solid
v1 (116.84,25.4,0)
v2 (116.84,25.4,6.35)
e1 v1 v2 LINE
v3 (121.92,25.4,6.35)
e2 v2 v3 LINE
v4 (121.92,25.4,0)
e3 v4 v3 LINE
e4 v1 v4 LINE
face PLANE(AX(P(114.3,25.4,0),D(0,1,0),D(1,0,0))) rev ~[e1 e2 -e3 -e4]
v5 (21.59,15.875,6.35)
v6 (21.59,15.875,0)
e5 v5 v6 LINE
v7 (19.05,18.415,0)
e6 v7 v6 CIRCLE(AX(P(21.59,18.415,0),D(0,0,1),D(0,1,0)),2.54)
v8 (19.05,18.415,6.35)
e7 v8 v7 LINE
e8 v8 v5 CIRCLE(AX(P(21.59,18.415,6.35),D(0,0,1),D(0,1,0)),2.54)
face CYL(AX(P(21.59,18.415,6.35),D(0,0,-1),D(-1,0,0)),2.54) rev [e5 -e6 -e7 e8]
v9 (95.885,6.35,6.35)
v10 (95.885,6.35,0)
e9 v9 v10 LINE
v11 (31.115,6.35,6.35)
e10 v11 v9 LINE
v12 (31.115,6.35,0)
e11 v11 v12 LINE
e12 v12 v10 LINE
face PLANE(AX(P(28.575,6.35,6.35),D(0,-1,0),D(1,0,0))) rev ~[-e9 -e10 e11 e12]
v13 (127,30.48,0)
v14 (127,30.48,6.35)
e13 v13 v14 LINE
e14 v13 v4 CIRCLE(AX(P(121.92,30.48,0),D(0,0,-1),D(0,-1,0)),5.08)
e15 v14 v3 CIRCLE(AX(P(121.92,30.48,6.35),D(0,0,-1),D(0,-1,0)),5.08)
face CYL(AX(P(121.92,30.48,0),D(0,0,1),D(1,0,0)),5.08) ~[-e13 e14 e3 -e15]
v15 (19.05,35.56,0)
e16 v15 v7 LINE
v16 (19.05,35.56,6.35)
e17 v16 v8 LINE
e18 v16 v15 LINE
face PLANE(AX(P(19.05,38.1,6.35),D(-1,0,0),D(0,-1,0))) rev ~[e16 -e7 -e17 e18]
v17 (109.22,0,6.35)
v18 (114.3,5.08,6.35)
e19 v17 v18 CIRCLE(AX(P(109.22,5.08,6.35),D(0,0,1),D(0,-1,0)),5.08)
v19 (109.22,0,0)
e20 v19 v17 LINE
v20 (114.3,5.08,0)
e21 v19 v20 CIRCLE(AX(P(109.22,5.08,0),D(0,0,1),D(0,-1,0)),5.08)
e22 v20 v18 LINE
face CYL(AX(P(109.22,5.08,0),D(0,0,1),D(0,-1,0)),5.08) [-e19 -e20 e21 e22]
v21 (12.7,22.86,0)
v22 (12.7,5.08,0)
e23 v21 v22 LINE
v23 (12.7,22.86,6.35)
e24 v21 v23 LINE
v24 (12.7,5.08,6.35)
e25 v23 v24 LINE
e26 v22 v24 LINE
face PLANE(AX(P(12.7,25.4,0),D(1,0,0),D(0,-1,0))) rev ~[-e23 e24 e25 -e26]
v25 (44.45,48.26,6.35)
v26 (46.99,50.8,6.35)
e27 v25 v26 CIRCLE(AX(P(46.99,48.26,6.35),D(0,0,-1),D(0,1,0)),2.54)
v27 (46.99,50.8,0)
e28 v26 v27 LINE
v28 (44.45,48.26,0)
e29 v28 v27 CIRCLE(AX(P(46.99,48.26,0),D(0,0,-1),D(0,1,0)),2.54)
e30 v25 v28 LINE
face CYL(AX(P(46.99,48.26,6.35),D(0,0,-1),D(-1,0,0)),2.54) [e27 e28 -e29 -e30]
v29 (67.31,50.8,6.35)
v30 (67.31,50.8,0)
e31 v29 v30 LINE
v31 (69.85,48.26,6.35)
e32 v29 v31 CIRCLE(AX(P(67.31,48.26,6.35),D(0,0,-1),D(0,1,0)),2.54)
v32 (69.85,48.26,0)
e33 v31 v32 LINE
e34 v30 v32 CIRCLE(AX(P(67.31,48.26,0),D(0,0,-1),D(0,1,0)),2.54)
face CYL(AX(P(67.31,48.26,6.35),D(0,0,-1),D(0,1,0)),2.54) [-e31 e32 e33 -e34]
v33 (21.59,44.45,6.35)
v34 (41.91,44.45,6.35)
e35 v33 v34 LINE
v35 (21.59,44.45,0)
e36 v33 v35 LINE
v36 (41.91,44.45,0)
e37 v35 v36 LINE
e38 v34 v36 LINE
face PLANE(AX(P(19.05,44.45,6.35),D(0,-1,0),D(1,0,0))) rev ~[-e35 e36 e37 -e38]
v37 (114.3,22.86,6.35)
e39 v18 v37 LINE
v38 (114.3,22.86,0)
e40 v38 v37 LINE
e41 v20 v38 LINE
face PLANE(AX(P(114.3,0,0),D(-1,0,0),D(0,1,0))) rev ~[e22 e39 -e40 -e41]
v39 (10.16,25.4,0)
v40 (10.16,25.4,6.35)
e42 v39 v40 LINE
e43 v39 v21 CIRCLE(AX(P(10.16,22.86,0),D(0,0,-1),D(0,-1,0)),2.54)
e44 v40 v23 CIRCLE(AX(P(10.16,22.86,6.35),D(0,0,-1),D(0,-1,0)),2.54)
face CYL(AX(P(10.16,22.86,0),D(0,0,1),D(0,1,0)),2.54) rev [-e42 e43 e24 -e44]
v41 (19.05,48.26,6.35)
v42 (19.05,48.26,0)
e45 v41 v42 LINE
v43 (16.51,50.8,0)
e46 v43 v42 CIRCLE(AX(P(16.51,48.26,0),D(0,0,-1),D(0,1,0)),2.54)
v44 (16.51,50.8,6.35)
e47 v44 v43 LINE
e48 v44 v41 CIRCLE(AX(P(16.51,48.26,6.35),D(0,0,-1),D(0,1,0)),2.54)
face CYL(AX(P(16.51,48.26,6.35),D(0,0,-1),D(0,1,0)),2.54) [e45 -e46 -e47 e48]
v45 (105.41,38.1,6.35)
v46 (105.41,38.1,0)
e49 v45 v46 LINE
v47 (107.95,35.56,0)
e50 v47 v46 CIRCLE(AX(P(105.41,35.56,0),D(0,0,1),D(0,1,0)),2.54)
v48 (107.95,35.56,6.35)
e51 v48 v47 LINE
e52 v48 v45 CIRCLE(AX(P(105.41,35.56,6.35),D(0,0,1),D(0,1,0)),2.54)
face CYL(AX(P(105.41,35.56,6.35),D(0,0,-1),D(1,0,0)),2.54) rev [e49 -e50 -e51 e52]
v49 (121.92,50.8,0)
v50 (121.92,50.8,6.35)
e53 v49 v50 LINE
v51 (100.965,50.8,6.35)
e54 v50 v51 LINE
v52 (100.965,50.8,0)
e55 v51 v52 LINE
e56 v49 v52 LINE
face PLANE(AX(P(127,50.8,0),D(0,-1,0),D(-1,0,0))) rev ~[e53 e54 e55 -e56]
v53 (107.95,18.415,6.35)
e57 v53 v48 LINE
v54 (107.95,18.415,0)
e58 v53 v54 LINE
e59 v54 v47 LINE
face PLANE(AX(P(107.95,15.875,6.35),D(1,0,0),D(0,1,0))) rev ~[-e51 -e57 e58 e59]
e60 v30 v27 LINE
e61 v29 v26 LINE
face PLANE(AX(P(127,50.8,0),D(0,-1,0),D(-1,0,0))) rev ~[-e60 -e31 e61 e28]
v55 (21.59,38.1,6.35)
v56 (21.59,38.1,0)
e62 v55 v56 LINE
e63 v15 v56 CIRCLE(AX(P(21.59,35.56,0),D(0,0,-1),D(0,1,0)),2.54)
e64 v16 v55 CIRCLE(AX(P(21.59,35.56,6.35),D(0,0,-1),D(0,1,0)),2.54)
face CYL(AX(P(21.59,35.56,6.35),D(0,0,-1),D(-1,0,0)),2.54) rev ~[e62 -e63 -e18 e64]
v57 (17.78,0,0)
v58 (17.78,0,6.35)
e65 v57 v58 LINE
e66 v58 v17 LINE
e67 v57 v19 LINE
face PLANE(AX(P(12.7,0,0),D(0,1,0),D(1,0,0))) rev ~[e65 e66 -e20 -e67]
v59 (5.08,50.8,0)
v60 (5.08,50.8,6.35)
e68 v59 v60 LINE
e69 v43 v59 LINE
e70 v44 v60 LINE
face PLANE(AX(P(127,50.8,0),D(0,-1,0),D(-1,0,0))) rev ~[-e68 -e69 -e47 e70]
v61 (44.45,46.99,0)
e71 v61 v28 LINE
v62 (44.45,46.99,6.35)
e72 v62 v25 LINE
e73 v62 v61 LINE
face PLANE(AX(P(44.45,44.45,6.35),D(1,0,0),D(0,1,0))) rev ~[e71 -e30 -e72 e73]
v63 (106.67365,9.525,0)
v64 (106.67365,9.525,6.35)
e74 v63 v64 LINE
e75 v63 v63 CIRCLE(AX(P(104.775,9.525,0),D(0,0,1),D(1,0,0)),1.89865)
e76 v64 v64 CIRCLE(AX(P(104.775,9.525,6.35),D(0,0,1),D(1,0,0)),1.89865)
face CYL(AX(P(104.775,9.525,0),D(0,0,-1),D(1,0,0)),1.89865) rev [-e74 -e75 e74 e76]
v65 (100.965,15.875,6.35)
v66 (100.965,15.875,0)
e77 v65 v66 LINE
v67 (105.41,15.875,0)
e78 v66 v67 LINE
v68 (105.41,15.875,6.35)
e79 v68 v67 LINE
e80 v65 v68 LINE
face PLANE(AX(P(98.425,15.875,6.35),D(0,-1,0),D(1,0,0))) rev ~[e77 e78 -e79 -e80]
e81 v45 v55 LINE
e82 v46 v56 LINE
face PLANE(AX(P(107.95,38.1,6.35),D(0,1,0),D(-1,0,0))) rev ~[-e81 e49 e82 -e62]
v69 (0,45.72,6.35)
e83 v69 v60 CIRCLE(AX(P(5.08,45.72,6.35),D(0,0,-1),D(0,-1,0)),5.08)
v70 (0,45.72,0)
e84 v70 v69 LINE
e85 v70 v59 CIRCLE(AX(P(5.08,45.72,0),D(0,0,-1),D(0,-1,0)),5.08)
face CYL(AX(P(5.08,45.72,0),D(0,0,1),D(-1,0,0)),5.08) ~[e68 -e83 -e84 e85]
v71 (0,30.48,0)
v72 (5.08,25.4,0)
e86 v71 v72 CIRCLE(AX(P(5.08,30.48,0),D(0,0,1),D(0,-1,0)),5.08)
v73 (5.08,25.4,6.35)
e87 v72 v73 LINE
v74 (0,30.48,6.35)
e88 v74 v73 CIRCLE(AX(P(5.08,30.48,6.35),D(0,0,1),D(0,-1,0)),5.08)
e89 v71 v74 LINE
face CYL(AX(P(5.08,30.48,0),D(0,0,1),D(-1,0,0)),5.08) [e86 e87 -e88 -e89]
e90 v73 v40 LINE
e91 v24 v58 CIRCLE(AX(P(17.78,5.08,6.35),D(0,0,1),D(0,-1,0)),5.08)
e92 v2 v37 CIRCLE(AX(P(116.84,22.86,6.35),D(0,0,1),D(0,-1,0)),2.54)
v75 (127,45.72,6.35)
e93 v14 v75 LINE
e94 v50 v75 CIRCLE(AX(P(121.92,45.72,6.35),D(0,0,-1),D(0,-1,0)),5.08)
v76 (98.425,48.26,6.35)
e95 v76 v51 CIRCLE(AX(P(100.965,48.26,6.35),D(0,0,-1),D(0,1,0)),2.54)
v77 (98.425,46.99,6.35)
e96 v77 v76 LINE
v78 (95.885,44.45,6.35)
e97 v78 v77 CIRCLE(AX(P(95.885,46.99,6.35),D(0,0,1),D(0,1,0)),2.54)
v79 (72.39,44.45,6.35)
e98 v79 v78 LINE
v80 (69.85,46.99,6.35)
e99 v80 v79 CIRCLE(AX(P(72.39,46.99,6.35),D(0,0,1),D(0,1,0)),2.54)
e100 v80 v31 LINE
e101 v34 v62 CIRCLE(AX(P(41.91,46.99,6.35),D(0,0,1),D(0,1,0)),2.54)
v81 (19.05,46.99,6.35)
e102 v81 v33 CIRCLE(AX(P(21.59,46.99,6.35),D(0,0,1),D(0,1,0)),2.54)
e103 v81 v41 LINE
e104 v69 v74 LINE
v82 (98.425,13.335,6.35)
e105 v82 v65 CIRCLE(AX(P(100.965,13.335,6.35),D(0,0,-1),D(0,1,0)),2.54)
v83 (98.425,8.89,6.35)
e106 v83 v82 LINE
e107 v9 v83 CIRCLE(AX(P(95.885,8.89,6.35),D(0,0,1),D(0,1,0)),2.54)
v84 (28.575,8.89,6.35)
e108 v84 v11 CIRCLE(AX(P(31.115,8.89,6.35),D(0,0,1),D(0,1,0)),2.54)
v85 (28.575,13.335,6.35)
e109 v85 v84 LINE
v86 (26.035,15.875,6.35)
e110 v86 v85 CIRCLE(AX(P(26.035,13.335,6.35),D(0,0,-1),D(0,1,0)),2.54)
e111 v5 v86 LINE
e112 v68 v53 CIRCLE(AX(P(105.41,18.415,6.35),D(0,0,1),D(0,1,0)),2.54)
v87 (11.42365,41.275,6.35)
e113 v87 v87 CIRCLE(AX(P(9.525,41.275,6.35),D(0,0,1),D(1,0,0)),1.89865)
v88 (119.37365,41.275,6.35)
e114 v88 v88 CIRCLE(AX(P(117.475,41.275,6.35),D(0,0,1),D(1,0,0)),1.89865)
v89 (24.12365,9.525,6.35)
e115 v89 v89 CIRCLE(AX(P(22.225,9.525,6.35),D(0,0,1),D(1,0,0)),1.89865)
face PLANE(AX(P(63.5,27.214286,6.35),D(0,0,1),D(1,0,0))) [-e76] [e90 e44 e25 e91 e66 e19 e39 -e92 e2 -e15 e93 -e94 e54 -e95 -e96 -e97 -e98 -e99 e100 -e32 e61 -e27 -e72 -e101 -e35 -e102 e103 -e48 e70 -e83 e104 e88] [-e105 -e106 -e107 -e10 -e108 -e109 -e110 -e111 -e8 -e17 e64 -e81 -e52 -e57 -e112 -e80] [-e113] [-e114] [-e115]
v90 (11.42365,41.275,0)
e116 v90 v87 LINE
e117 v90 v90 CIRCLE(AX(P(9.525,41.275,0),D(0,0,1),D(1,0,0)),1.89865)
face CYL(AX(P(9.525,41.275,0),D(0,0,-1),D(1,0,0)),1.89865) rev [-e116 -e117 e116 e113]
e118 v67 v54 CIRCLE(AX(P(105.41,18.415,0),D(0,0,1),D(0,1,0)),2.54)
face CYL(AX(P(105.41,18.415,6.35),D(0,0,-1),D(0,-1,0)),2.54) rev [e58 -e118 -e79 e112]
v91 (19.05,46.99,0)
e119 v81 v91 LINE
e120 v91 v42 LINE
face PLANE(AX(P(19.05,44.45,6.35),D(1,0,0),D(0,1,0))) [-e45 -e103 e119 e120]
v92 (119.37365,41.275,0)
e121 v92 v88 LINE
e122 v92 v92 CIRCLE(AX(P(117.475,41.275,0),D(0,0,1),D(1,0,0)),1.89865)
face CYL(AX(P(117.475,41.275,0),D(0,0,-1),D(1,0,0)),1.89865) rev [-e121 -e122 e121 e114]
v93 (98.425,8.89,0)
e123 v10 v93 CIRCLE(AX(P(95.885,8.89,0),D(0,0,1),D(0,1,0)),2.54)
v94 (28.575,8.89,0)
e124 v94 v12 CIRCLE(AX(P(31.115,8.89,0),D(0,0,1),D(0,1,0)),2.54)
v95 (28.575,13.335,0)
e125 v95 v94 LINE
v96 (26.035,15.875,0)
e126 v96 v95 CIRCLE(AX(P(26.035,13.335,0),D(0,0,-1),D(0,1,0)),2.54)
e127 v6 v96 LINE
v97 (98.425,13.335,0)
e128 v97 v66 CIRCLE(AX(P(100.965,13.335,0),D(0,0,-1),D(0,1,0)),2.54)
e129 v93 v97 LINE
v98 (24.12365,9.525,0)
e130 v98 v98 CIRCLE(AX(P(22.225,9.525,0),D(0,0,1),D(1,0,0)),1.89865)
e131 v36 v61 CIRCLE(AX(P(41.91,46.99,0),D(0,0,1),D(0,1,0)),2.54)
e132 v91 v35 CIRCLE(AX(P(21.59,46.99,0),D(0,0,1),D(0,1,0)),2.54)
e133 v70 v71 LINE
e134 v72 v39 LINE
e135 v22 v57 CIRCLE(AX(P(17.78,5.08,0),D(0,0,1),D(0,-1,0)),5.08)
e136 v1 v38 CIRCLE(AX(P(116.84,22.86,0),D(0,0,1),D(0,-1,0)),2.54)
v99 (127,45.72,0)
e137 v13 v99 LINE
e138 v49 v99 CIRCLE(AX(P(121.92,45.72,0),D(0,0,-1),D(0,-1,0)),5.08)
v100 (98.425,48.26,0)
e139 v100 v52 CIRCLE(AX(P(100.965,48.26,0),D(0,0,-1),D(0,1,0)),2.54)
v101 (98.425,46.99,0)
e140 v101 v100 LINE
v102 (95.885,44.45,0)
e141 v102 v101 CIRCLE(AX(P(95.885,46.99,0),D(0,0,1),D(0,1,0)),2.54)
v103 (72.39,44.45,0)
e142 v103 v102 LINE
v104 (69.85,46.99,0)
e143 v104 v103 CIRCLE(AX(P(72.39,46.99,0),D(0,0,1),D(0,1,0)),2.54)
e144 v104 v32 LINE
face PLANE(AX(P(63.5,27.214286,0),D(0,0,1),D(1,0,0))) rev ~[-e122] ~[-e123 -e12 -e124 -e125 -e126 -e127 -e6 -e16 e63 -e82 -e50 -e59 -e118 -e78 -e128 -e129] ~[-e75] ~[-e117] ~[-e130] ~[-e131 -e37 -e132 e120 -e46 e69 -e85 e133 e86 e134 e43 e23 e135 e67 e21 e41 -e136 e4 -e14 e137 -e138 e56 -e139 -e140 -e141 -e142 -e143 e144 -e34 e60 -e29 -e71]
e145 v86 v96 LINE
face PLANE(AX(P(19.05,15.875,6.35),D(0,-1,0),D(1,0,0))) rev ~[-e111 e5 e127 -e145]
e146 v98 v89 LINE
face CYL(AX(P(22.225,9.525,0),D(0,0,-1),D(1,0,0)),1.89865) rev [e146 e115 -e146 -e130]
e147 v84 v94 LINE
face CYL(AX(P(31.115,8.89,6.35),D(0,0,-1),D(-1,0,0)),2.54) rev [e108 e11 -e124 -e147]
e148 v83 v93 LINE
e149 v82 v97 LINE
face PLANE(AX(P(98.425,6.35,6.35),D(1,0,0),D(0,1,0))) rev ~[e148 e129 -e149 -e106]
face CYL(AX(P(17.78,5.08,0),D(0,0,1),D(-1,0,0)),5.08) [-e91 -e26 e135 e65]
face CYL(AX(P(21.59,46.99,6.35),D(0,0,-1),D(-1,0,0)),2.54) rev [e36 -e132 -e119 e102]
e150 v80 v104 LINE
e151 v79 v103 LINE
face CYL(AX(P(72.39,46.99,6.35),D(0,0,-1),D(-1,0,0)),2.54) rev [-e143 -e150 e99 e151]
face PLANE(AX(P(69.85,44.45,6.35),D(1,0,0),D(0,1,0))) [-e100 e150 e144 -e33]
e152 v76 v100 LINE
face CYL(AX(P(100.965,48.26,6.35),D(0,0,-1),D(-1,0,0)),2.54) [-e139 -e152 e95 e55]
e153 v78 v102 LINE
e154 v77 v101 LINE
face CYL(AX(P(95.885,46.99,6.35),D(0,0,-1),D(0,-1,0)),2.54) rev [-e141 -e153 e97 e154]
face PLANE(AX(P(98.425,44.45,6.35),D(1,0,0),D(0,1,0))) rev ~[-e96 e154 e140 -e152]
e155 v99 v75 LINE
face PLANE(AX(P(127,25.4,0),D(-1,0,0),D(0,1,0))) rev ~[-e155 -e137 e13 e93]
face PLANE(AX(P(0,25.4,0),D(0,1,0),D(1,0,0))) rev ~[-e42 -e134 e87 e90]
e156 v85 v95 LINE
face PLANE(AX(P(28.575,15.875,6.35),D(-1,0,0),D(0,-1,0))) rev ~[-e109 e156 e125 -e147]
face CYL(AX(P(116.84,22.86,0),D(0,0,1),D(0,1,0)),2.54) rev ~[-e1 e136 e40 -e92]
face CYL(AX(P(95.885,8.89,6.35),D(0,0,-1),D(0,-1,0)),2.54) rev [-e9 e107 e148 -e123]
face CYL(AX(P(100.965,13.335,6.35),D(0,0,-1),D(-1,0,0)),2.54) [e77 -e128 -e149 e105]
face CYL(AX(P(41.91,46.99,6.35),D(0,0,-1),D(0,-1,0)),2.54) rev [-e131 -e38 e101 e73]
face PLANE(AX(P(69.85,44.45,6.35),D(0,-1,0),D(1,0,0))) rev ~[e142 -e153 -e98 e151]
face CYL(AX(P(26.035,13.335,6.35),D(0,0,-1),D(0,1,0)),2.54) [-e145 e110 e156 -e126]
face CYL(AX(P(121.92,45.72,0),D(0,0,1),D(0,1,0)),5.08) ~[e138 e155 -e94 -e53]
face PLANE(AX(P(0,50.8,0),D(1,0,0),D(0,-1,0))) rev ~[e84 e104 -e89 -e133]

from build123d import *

# Parameters (mm, degrees)
SKETCH1_R           = 1.89865
SKETCH1_R_2         = 1.5875
BOSS_EXTRUDE1_DEPTH = 6.35
FILLET1_R           = 5.08
FILLET2_R           = 2.54
SKETCH2_W           = 25.4
SKETCH2_H           = 6.35
SKETCH2_W_2         = 28.575
CUT_EXTRUDE1_DEPTH  = 8.89
FILLET3_R           = 2.54


with BuildPart() as part:
    # Sketch1 → Boss-Extrude1 (new body)
    with BuildSketch(Plane.XY):
        Polygon((0, 50.8), (0, 25.4), (12.7, 25.4), (12.7, 0), (114.3, 0), (114.3, 25.4), (127, 25.4), (127, 50.8), align=None)
        with Locations((22.225, 9.525)):
            Circle(SKETCH1_R, mode=Mode.SUBTRACT)
        with Locations((52.324, 19.558)):
            Circle(SKETCH1_R_2, mode=Mode.SUBTRACT)
        with Locations((104.775, 9.525)):
            Circle(SKETCH1_R, mode=Mode.SUBTRACT)
        with Locations((52.324, 30.734)):
            Circle(SKETCH1_R_2, mode=Mode.SUBTRACT)
        with Locations((9.525, 41.275)):
            Circle(SKETCH1_R, mode=Mode.SUBTRACT)
        with Locations((23.622, 47.625)):
            Circle(SKETCH1_R_2, mode=Mode.SUBTRACT)
        with Locations((38.1, 47.625)):
            Circle(SKETCH1_R_2, mode=Mode.SUBTRACT)
        with Locations((78.74, 47.625)):
            Circle(SKETCH1_R_2, mode=Mode.SUBTRACT)
        with Locations((89.662, 47.625)):
            Circle(SKETCH1_R_2, mode=Mode.SUBTRACT)
        with Locations((117.475, 41.275)):
            Circle(SKETCH1_R, mode=Mode.SUBTRACT)
    extrude(amount=BOSS_EXTRUDE1_DEPTH)

    # Fillet1
    fillet1_edges = [part.edges().sort_by_distance(p)[0] for p in [
        (114.3, 0, 3.175),
        (12.7, 0, 3.175),
        (0, 25.4, 3.175),
        (0, 50.8, 3.175),
        (127, 50.8, 3.175),
        (127, 25.4, 3.175),
    ]]
    fillet(fillet1_edges, radius=FILLET1_R)

    # Fillet2
    fillet2_edges = [part.edges().sort_by_distance(p)[0] for p in [
        (12.7, 25.4, 3.175),
        (114.3, 25.4, 3.175),
    ]]
    fillet(fillet2_edges, radius=FILLET2_R)

    # Sketch2 → Cut-Extrude1 (cut)
    with BuildSketch(Plane.XY.offset(6.35)):
        with Locations((31.75, 47.625)):
            Rectangle(SKETCH2_W, SKETCH2_H)
        with Locations((84.1375, 47.625)):
            Rectangle(SKETCH2_W_2, SKETCH2_H)
        Polygon((19.05, 38.1), (19.05, 15.875), (28.575, 15.875), (28.575, 6.35), (98.425, 6.35), (98.425, 15.875), (107.95, 15.875), (107.95, 38.1), align=None)
    extrude(amount=-CUT_EXTRUDE1_DEPTH, mode=Mode.SUBTRACT)

    # Fillet3
    fillet3_edges = [part.edges().sort_by_distance(p)[0] for p in [
        (19.05, 50.8, 3.175),
        (44.45, 50.8, 3.175),
        (44.45, 44.45, 3.175),
        (19.05, 44.45, 3.175),
        (69.85, 50.8, 3.175),
        (98.425, 50.8, 3.175),
        (98.425, 44.45, 3.175),
        (69.85, 44.45, 3.175),
        (19.05, 38.1, 3.175),
        (107.95, 38.1, 3.175),
        (107.95, 15.875, 3.175),
        (98.425, 15.875, 3.175),
        (98.425, 6.35, 3.175),
        (28.575, 6.35, 3.175),
        (28.575, 15.875, 3.175),
        (19.05, 15.875, 3.175),
    ]]
    fillet(fillet3_edges, radius=FILLET3_R)


solid = part.part
